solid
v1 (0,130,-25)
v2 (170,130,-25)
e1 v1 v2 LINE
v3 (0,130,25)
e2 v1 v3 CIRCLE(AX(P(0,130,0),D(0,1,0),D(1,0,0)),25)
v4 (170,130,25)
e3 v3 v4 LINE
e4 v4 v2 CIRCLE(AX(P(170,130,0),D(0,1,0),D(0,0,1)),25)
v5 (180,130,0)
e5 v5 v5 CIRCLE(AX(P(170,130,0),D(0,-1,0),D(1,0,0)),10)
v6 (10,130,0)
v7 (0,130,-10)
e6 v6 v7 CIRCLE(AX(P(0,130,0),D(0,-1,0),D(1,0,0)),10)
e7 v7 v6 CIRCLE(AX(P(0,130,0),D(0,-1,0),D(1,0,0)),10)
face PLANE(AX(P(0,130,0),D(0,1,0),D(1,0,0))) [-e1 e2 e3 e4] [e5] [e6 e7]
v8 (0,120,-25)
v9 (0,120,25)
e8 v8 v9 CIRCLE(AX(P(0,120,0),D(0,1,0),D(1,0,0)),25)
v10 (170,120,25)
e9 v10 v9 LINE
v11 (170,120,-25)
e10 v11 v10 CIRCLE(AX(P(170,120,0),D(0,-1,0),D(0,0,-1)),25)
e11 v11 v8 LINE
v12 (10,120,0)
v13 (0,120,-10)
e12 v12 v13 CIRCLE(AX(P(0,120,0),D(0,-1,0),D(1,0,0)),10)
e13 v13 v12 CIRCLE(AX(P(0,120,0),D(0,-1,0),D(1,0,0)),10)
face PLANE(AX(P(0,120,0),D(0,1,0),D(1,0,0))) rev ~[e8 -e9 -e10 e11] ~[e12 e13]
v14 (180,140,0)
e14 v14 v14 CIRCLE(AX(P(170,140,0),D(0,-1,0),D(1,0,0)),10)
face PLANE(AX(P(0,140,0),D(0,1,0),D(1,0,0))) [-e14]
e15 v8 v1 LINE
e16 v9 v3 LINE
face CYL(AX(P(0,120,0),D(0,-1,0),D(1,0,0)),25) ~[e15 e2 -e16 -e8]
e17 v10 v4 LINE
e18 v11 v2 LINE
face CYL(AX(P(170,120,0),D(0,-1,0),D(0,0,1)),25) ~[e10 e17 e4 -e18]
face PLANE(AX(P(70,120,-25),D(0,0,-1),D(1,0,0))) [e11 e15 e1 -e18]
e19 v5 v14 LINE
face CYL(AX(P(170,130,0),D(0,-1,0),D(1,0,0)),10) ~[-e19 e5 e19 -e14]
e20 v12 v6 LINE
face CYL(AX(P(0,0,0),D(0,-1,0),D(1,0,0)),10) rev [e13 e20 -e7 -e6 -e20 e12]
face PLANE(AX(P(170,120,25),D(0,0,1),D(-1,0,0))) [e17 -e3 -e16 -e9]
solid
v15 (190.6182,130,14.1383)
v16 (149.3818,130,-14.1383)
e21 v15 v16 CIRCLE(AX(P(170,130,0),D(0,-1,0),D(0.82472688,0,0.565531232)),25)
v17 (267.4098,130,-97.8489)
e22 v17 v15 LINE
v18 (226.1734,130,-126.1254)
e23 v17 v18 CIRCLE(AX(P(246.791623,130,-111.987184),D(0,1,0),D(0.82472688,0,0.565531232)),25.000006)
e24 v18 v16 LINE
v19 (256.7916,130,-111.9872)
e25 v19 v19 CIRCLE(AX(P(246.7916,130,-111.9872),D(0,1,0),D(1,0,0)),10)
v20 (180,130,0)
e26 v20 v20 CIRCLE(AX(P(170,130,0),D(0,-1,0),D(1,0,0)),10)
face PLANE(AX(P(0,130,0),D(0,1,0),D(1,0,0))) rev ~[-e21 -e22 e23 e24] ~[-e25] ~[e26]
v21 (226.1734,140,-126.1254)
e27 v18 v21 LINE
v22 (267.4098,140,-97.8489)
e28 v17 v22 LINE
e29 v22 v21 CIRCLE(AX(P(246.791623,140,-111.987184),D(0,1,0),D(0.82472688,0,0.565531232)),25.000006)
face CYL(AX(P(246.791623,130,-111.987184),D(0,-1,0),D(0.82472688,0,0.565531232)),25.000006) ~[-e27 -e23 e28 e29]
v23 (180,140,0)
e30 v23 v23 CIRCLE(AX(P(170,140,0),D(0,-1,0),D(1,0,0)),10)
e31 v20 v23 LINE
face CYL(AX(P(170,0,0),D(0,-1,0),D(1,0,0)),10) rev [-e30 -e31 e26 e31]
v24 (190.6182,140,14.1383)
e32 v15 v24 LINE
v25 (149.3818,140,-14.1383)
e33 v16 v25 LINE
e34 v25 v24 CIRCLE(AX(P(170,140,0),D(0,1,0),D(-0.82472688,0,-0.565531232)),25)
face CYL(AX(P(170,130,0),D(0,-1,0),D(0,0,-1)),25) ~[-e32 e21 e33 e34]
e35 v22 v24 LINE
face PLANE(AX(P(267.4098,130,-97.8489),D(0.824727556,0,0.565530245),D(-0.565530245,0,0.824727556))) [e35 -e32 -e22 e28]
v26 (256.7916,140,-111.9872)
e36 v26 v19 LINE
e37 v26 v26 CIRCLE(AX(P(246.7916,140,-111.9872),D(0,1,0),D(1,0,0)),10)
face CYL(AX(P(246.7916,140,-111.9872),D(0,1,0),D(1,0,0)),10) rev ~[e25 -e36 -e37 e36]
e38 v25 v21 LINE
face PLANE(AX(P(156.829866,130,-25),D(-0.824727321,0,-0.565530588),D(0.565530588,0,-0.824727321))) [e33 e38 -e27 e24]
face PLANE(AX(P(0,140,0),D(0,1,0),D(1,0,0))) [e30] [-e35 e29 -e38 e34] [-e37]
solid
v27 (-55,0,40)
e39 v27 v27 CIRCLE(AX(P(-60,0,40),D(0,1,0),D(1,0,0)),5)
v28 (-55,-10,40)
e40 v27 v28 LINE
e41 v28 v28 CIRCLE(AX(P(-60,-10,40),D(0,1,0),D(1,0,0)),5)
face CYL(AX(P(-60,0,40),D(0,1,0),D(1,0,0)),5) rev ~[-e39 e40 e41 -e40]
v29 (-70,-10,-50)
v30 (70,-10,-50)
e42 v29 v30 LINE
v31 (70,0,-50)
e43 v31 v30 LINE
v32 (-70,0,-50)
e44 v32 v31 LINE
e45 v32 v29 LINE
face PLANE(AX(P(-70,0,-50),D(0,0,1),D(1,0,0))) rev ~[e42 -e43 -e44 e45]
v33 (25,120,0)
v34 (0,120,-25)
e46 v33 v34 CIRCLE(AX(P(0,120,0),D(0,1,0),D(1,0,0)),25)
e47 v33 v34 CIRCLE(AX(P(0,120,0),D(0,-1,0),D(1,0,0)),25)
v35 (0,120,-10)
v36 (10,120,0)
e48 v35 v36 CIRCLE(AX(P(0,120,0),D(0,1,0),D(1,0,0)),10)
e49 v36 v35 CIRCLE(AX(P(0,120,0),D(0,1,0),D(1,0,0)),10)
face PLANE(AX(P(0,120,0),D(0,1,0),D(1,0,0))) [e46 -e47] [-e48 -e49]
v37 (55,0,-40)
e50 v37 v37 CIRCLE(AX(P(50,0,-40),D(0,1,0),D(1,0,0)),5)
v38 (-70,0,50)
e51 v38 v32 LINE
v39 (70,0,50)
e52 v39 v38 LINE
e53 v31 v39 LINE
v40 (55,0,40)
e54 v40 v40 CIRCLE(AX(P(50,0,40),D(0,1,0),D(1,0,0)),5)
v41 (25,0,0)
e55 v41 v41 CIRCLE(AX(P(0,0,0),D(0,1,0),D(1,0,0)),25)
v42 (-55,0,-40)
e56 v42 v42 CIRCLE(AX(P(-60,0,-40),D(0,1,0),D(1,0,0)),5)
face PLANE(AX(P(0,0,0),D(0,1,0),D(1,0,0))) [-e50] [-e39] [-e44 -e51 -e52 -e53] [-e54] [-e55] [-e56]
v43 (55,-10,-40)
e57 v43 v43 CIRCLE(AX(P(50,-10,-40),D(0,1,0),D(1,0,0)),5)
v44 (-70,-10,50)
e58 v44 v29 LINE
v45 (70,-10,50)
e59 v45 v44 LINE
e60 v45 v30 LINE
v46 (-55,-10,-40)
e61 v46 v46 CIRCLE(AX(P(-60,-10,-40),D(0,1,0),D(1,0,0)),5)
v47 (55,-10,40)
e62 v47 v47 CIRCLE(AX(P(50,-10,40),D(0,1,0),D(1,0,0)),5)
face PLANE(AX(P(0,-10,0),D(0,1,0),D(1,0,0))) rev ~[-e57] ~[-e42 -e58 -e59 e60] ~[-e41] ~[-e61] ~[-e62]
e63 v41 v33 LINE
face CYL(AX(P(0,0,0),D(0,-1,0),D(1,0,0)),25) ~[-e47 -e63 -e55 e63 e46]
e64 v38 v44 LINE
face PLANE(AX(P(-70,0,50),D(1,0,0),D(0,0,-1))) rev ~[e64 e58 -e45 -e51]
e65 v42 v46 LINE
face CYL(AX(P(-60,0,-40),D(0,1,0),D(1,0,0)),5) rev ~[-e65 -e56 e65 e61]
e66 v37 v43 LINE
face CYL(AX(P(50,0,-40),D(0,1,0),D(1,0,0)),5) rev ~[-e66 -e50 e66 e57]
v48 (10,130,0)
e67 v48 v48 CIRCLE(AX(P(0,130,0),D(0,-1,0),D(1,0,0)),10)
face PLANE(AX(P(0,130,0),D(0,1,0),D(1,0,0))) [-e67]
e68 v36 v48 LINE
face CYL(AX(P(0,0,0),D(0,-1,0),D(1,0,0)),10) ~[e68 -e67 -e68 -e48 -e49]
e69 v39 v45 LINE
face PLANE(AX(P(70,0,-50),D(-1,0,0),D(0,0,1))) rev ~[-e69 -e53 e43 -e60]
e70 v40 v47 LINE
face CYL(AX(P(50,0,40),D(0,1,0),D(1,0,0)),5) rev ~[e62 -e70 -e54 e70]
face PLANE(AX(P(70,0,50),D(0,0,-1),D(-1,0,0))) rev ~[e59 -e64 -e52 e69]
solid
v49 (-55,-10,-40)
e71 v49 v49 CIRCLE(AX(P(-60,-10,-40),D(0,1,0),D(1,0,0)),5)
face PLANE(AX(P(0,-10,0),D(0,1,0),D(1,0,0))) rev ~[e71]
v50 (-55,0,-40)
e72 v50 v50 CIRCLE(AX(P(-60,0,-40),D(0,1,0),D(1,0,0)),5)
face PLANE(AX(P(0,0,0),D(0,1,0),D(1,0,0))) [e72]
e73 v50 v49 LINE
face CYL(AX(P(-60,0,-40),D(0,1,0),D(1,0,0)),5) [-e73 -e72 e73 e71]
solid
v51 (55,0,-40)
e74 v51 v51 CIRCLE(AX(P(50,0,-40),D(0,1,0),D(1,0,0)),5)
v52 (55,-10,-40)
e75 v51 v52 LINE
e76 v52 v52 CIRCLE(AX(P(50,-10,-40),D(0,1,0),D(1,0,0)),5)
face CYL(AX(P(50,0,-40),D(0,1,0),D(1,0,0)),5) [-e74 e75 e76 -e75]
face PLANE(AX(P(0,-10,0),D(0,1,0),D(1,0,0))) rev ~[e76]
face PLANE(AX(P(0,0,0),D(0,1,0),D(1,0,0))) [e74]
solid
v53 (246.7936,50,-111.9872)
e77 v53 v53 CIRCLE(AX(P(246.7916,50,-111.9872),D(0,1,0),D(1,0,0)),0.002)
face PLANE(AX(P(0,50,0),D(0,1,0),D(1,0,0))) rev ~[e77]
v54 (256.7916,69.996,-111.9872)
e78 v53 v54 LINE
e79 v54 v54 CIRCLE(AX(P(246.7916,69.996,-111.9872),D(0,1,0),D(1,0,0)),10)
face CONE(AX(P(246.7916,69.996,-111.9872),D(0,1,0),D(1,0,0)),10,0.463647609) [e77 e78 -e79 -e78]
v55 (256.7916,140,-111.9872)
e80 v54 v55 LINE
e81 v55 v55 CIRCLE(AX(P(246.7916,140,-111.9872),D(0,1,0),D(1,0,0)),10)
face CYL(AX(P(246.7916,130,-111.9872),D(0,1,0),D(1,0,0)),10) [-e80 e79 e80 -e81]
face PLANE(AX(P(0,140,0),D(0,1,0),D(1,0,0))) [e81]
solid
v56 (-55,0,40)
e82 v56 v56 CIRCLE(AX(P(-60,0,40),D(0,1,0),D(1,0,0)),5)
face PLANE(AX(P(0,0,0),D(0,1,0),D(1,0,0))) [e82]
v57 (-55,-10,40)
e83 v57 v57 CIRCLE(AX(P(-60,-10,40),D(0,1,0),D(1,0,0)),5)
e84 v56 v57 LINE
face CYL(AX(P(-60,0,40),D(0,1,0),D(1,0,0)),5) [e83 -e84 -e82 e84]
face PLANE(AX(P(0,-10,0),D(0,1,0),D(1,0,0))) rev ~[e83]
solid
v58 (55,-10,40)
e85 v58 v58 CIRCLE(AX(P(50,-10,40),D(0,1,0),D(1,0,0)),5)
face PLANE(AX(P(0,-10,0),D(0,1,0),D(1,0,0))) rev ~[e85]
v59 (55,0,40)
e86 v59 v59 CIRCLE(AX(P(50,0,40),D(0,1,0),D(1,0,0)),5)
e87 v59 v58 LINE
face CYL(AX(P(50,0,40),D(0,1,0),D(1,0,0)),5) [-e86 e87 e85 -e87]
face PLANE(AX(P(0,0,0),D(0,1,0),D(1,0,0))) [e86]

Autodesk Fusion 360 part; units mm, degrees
sketch "Sketch1" plane through (0, 0, 0) normal (0, 1, 0) x (1, 0, 0)
  line L0 (-70, 50) -> (70, 50)
  line L1 (70, 50) -> (70, -50)
  line L2 (70, -50) -> (-70, -50)
  line L3 (-70, -50) -> (-70, 50)
  circle A0 centre (0, 0) radius 25
  circle A1 centre (-60, -40) radius 5
  circle A2 centre (-60, 40) radius 5
  circle A3 centre (50, 40) radius 5
  circle A4 centre (50, -40) radius 5
  line L4 (0, 0) -> (0, 25)
  line L5 (0, 25) -> (170, 25)
  line L6 (170, -25) -> (0, -25)
  arc A5 (170, -25) -> (170, 25) centre (170, 0) ccw
  arc A6 (170, 25) -> (170, -25) centre (170, 0) ccw
  line L7 (170, 0) -> (190.6182, -14.1383)
  line L8 (170, 0) -> (149.3818, 14.1383)
  line L9 (149.3818, 14.1383) -> (226.1734, 126.1254)
  line L10 (267.4098, 97.8489) -> (190.6182, -14.1383)
  arc A7 (267.4098, 97.8489) -> (226.1734, 126.1254) centre (246.7916, 111.9872) ccw
  arc A8 (226.1734, 126.1254) -> (267.4098, 97.8489) centre (246.7916, 111.9872) ccw
  circle A9 centre (246.7916, 111.9872) radius 10
  circle A10 centre (0, 0) radius 10
  circle A11 centre (170, 0) radius 10
  dimension "d1" = 50
  dimension "d2" = 10
  dimension "d4" = 50
  dimension "d5" = 20
  dimension "d28" = 20
  dimension "d29" = 20
extrude "Extrude1" add sketch "Sketch1" against normal blind 10 contours L0 L1 L2 L3 A0 L5 L6 | L1 A0 L5 L6 | A0 | A10 makes body 1
extrude "Extrude2" add sketch "Sketch1" against normal blind 10 separate body contours A1 | A2 | A3 | A4 makes body 2 at (-55.0062, -6.6667, 40.2492) makes body 3 at (54.9938, -6.6667, 40.2492) makes body 4 at (-55.0062, -6.6667, -39.7508) makes body 5 at (54.9938, -6.6667, -39.7508)
extrude "Extrude3" add sketch "Sketch1" along normal blind 120 separate body contours A0 | A10 makes body 6
extrude "Extrude4" add sketch "Sketch1" along normal blind 10 from surface at 120 separate body contours L1 L5 L6 A6 L9 | L1 A0 L5 L6 | A0 | A10 | L5 A6 L9 | A5 A6 L7 L8 A11 | A5 A6 L7 L8 A11 | L7 L8 A11 | L7 L8 A11 makes body 7
extrude "Extrude5" add sketch "Sketch1" along normal blind 10 from surface at 130 separate body contours L5 A5 L9 L10 A8 | L5 A6 L9 | A5 A6 L7 L8 A11 | A5 A6 L7 L8 A11 | A7 A8 | L7 L8 A11 | L7 L8 A11 | A9 makes body 8
extrude "Extrude6" cut sketch "Sketch1" along normal blind 10 and the other way blind 30 from surface at 140 contours A9 bodies 8
extrude "Extrude7" add sketch "Sketch1" along normal blind 10 and the other way blind 80 from surface at 140 separate body contours A9 makes body 9
extrude "Extrude8" cut sketch "Sketch1" along normal blind 170 contours A10 bodies 7
extrude "Extrude9" cut sketch "Sketch1" along normal blind 180 contours L7 L8 A11 | L7 L8 A11 bodies 7 8
extrude "Extrude10" cut sketch "Sketch1" against normal blind 120 from surface at 120 contours A10 bodies 6
extrude "Extrude1'" add sketch "Sketch1" along normal blind 130 separate body contours A10 makes body 10 in component "Rod BH1"
extrude "Extrude1''" add sketch "Sketch1" along normal mid plane 20 from surface at 130 separate body contours L7 L8 A11 | L7 L8 A11 makes body 11 in component "Rod H1H2"
combine "Combine1" operation add target body 7 tool bodies 11
combine "Combine2" operation add target body 1 tool bodies 10
combine "Combine3" operation add target body 1 tool bodies 6
copy_body "Body->Comp2" bodies 1 removing the originals makes body 12 in component "Base"
copy_body "Body->Comp3" bodies 7 removing the originals makes body 13 in component "Arm1"
copy_body "Body->Comp4" bodies 8 removing the originals makes body 14 in component "Arm2"
copy_body "Body->Comp5" bodies 9 removing the originals makes body 15 in component "End Effector"
chamfer "Chamfer1" distance 10 distance2 20 1 edges at (237.4683, 60, -115.6033) measured on face at (249.6761, 60, -105.9975) on bodies 15 in component "End Effector"
component "Base" placed x (1, 0, 0) y (0, 1, 0) z (0, 0, 1) at (0, 0, 0)
component "Arm1" placed x (1, 0, 0) y (0, 1, 0) z (0, 0, 1) at (0, 0, 0)
component "Arm2" placed x (1, 0, 0) y (0, 1, 0) z (0, 0, 1) at (0, 0, 0)
component "End Effector" placed x (1, 0, 0) y (0, 1, 0) z (0, 0, 1) at (0, -10, 0)
